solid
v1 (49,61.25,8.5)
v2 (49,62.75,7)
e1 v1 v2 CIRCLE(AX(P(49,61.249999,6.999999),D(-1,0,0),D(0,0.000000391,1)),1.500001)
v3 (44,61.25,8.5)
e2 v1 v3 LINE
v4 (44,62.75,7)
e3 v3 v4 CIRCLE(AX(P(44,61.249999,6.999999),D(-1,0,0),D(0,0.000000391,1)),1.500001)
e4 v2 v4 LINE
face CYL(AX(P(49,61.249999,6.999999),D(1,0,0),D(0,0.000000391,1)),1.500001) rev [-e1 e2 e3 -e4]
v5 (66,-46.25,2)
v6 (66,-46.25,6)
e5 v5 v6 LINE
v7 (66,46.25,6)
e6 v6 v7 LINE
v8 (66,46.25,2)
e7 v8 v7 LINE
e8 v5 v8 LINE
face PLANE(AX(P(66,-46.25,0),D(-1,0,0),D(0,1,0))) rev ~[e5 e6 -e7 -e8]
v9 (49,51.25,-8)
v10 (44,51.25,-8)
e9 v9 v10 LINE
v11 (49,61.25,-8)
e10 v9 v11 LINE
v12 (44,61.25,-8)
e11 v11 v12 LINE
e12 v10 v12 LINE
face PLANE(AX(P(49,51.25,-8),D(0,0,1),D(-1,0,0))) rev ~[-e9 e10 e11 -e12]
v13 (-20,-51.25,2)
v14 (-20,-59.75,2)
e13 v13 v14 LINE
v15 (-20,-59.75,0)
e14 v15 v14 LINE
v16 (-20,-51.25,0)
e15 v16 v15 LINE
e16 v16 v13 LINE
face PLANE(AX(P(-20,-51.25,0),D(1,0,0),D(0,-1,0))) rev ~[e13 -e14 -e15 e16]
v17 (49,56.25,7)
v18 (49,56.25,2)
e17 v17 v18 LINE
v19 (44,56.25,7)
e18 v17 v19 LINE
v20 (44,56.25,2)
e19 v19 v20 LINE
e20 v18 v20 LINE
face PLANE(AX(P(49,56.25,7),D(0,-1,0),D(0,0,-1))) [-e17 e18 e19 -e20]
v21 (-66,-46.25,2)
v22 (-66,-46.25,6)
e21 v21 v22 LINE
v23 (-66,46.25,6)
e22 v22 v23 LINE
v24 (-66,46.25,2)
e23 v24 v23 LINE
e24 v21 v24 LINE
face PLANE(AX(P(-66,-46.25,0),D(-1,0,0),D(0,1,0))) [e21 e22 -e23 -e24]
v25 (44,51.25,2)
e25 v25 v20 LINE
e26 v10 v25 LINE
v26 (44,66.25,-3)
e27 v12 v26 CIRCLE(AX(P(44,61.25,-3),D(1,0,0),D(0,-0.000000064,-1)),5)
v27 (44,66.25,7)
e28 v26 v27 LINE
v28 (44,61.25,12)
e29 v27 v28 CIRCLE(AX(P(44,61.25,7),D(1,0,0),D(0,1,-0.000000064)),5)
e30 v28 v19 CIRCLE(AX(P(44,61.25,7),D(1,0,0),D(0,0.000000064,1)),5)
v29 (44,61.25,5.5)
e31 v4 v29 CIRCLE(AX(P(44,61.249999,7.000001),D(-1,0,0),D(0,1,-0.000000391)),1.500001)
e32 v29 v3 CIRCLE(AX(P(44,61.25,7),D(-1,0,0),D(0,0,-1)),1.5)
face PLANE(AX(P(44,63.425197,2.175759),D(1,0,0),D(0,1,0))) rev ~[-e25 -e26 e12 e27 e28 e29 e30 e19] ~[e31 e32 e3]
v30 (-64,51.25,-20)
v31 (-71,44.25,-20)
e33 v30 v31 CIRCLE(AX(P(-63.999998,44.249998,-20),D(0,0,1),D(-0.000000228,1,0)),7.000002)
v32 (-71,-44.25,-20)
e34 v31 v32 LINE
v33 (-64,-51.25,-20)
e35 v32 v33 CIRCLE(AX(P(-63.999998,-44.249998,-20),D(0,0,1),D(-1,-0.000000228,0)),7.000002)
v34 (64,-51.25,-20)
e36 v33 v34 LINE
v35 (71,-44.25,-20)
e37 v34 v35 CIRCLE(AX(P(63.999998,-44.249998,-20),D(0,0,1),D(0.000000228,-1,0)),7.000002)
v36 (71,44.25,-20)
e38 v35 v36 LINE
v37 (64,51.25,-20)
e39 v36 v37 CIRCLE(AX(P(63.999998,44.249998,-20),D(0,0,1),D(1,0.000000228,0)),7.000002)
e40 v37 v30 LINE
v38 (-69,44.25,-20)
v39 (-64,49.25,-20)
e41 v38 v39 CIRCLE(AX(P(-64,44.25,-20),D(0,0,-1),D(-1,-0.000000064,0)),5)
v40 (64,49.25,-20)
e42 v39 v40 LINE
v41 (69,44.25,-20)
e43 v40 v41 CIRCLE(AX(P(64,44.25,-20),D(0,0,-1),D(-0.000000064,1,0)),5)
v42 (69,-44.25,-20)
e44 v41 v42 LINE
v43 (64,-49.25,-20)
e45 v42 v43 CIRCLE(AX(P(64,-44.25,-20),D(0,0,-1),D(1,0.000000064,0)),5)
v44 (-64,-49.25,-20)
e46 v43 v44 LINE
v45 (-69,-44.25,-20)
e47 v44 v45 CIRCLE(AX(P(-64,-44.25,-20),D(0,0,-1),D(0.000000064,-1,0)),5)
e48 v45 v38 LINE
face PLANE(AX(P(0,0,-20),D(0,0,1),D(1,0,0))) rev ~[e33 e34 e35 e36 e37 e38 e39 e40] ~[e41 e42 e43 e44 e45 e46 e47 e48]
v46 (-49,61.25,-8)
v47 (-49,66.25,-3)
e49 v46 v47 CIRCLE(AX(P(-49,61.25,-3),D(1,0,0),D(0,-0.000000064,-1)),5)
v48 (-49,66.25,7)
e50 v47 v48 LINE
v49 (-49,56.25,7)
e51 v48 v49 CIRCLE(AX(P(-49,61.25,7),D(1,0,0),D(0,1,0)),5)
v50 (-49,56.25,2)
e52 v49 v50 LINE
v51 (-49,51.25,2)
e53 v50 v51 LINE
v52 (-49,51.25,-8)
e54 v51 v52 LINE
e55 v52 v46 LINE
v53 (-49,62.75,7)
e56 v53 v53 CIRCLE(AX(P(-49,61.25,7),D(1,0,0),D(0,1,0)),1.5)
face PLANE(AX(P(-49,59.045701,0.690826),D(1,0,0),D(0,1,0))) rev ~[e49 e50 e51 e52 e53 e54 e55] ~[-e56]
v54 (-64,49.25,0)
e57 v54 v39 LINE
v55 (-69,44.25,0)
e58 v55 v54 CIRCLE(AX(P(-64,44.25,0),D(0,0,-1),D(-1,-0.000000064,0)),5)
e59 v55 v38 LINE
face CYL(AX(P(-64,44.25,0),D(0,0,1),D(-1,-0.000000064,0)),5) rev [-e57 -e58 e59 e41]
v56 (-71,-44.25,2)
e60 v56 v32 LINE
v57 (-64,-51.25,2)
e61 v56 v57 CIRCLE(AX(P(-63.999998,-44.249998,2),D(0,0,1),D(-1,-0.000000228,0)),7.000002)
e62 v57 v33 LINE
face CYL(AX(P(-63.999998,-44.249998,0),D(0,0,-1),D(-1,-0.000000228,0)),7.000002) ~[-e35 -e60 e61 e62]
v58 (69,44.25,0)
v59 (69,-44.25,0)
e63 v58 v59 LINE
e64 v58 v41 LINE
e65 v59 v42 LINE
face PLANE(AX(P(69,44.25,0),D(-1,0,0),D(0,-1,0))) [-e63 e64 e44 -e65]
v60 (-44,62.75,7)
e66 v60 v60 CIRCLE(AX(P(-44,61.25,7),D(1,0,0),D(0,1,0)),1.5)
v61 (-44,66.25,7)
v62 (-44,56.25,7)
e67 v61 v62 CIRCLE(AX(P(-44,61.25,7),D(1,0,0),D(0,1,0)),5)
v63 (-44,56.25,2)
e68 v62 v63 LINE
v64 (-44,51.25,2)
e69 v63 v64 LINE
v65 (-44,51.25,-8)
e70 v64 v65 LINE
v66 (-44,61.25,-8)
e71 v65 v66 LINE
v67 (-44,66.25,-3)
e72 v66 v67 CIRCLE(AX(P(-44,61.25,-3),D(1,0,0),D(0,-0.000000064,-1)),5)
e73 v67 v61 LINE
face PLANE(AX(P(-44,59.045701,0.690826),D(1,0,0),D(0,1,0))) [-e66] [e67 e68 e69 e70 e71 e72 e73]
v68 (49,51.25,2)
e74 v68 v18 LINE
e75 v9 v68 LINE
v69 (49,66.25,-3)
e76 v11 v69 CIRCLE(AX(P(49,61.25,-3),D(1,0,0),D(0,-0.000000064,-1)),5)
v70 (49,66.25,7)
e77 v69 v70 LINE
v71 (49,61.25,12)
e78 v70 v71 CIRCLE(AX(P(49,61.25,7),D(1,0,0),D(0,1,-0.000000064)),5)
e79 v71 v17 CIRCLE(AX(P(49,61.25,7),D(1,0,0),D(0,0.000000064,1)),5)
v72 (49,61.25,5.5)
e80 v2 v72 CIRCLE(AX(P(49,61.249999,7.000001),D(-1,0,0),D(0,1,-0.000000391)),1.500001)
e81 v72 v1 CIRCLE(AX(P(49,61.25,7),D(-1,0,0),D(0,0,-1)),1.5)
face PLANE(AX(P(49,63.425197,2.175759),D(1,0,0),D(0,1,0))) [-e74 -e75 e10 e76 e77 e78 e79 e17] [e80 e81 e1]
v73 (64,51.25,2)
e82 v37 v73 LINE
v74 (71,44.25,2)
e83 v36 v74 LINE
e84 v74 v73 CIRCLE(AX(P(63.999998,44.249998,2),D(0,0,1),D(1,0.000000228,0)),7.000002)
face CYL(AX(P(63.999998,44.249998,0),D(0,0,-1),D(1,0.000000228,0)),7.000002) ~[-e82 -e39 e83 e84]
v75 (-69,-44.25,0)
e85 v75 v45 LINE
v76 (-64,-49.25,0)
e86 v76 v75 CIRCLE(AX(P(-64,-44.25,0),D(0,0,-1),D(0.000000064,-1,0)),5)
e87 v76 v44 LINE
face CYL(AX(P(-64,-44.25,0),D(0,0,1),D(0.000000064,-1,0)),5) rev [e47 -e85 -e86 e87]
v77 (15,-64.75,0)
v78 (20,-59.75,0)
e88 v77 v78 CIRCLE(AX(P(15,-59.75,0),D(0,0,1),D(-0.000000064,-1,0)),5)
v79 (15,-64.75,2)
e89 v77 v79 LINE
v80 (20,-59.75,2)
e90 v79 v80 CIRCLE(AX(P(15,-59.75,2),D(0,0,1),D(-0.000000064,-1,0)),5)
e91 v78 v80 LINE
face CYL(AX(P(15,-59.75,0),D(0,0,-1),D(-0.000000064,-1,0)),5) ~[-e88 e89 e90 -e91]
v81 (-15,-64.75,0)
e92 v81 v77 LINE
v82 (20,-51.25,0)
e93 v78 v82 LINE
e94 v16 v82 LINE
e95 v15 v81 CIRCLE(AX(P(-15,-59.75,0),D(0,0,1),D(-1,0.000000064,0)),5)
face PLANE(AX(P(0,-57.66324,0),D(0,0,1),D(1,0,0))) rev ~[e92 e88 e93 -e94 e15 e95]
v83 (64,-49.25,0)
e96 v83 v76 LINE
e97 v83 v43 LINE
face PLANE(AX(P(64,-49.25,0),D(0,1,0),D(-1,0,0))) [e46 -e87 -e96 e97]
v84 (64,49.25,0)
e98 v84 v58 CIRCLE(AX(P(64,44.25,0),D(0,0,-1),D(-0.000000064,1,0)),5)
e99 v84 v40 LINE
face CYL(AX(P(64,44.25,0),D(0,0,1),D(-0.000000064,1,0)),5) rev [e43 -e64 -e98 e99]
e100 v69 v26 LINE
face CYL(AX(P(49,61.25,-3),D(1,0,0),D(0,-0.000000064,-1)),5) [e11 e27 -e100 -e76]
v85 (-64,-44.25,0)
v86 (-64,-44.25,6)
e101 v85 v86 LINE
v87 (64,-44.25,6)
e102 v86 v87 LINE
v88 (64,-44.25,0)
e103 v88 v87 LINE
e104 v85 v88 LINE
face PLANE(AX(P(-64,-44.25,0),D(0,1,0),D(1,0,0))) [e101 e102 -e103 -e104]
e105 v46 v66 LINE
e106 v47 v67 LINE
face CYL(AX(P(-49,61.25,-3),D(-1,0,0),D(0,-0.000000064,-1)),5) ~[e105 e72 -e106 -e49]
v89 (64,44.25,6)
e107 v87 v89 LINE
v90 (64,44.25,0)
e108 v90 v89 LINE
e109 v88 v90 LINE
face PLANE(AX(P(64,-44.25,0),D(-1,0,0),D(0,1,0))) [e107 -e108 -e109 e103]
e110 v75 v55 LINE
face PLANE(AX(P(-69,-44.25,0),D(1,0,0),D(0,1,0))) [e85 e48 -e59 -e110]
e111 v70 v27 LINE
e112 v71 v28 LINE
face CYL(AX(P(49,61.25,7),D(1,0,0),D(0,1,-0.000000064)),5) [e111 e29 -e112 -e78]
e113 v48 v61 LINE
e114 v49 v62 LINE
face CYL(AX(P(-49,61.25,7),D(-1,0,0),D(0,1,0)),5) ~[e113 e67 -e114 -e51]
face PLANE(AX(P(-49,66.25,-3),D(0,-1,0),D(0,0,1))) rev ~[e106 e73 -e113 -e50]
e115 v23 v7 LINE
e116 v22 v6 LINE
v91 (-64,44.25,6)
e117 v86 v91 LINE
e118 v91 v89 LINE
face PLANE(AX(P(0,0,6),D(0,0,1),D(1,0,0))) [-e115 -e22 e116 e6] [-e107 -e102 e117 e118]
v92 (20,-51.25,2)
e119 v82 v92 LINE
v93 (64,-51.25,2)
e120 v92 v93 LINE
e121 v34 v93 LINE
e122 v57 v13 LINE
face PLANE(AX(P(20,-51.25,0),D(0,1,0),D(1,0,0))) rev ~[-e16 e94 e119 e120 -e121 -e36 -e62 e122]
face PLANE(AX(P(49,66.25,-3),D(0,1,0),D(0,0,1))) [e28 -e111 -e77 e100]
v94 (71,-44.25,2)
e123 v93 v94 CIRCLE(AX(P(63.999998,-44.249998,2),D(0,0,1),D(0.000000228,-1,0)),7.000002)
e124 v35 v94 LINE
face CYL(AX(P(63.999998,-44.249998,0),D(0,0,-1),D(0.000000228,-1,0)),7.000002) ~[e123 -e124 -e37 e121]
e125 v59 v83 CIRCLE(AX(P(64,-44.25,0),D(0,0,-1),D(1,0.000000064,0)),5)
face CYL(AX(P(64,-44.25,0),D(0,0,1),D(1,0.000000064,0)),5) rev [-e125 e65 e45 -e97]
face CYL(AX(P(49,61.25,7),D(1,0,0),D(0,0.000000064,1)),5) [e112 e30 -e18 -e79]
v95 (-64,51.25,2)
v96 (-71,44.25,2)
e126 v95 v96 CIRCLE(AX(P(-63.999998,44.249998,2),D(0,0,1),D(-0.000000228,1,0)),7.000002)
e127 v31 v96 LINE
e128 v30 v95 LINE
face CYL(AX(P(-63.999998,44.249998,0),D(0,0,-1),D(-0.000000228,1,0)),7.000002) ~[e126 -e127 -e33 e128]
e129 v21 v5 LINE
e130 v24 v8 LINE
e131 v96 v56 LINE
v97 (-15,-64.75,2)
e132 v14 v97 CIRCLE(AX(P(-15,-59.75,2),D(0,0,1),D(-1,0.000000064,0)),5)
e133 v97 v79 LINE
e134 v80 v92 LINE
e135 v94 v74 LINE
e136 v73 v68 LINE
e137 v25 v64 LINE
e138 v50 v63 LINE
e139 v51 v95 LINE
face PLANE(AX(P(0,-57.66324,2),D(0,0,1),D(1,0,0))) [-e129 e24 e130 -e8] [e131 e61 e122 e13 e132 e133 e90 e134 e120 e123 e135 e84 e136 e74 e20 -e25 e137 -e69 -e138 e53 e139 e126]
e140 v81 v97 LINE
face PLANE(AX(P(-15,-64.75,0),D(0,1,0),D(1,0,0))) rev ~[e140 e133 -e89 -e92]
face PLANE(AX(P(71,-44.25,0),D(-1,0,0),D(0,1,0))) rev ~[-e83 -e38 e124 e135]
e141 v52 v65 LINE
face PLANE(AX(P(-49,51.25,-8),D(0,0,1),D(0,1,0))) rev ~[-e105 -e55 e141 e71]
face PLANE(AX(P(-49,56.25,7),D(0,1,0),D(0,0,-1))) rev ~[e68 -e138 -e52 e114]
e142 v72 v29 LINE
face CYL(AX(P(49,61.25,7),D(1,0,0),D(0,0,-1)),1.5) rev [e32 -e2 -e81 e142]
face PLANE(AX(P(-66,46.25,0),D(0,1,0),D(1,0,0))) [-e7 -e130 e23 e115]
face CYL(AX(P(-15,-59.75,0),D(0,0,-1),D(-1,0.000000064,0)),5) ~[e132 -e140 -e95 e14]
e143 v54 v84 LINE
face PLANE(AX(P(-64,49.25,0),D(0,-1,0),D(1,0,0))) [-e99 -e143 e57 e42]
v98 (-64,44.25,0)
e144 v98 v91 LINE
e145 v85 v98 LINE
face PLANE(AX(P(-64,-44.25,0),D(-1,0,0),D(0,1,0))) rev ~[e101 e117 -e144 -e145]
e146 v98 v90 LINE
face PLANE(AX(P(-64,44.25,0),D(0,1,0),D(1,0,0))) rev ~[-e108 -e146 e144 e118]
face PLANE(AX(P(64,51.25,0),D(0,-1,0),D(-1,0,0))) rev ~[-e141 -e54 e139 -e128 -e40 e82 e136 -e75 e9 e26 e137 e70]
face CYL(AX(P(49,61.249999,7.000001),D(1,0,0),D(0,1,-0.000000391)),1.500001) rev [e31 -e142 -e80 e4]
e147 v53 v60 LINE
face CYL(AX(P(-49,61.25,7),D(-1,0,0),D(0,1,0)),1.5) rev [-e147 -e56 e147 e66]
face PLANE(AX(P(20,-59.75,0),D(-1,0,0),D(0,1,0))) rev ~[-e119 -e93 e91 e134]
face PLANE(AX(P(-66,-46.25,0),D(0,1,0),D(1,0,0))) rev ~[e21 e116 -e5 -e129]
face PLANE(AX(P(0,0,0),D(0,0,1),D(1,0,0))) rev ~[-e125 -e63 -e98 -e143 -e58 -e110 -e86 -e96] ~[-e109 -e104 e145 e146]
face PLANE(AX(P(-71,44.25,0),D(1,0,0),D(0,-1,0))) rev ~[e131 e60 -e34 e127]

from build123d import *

# Parameters (mm, degrees)
F1_DEPTH  = 20
F0_W      = 132
F0_H      = 92.5
F2_DEPTH  = 2
F0_W_2    = 128
F0_H_2    = 88.5
F3_DEPTH  = 6
F4_W      = 5
F4_H      = 10
F5_DEPTH  = 10
F7_DEPTH  = 5
F9_R      = 1.5
F10_DEPTH = 5


with BuildPart() as f1:
    # F0 (on Top) → F1 (new body)
    with BuildSketch(Plane.XY):
        with BuildLine():
            Line((71, -44.25), (71, 44.25))
            ThreePointArc((71, 44.25), (68.949747, 49.199747), (64, 51.25))
            Line((64, 51.25), (-64, 51.25))
            ThreePointArc((-64, 51.25), (-68.949747, 49.199747), (-71, 44.25))
            Line((-71, 44.25), (-71, -44.25))
            ThreePointArc((-71, -44.25), (-68.949747, -49.199747), (-64, -51.25))
            Line((-64, -51.25), (-20, -51.25))
            Line((-20, -51.25), (20, -51.25))
            Line((20, -51.25), (64, -51.25))
            ThreePointArc((64, -51.25), (68.949747, -49.199747), (71, -44.25))
        make_face()
        with BuildLine():
            Line((-64, 49.25), (64, 49.25))
            ThreePointArc((64, 49.25), (67.535534, 47.785534), (69, 44.25))
            Line((69, 44.25), (69, -44.25))
            ThreePointArc((69, -44.25), (67.535534, -47.785534), (64, -49.25))
            Line((64, -49.25), (-64, -49.25))
            ThreePointArc((-64, -49.25), (-67.535534, -47.785534), (-69, -44.25))
            Line((-69, -44.25), (-69, 44.25))
            ThreePointArc((-69, 44.25), (-67.535534, 47.785534), (-64, 49.25))
        make_face(mode=Mode.SUBTRACT)
    extrude(amount=-F1_DEPTH)

    # F0 (on Top) → F2 (join)
    with BuildSketch(Plane.XY):
        with BuildLine():
            Line((20, -59.75), (20, -51.25))
            Line((20, -51.25), (-20, -51.25))
            Line((-20, -51.25), (-20, -59.75))
            ThreePointArc((-20, -59.75), (-18.535534, -63.285534), (-15, -64.75))
            Line((-15, -64.75), (15, -64.75))
            ThreePointArc((15, -64.75), (18.535534, -63.285534), (20, -59.75))
        make_face()
        with BuildLine():
            Line((71, -44.25), (71, 44.25))
            ThreePointArc((71, 44.25), (68.949747, 49.199747), (64, 51.25))
            Line((64, 51.25), (-64, 51.25))
            ThreePointArc((-64, 51.25), (-68.949747, 49.199747), (-71, 44.25))
            Line((-71, 44.25), (-71, -44.25))
            ThreePointArc((-71, -44.25), (-68.949747, -49.199747), (-64, -51.25))
            Line((-64, -51.25), (-20, -51.25))
            Line((-20, -51.25), (20, -51.25))
            Line((20, -51.25), (64, -51.25))
            ThreePointArc((64, -51.25), (68.949747, -49.199747), (71, -44.25))
        make_face()
        with BuildLine():
            Line((-64, 49.25), (64, 49.25))
            ThreePointArc((64, 49.25), (67.535534, 47.785534), (69, 44.25))
            Line((69, 44.25), (69, -44.25))
            ThreePointArc((69, -44.25), (67.535534, -47.785534), (64, -49.25))
            Line((64, -49.25), (-64, -49.25))
            ThreePointArc((-64, -49.25), (-67.535534, -47.785534), (-69, -44.25))
            Line((-69, -44.25), (-69, 44.25))
            ThreePointArc((-69, 44.25), (-67.535534, 47.785534), (-64, 49.25))
        make_face(mode=Mode.SUBTRACT)
        with BuildLine():
            ThreePointArc((69, 44.25), (67.535534, 47.785534), (64, 49.25))
            Line((64, 49.25), (-64, 49.25))
            ThreePointArc((-64, 49.25), (-67.535534, 47.785534), (-69, 44.25))
            Line((-69, 44.25), (-69, -44.25))
            ThreePointArc((-69, -44.25), (-67.535534, -47.785534), (-64, -49.25))
            Line((-64, -49.25), (64, -49.25))
            ThreePointArc((64, -49.25), (67.535534, -47.785534), (69, -44.25))
            Line((69, -44.25), (69, 44.25))
        make_face()
        Rectangle(F0_W, F0_H, mode=Mode.SUBTRACT)
    extrude(amount=F2_DEPTH)

    # F0 (on Top) → F3 (join)
    with BuildSketch(Plane.XY):
        Rectangle(F0_W, F0_H)
        Rectangle(F0_W_2, F0_H_2, mode=Mode.SUBTRACT)
    extrude(amount=F3_DEPTH)

    # F4 (on face) → F5 (join)
    with BuildSketch(Plane(origin=(0, 51.25, 0), x_dir=(-1, 0, 0), z_dir=(0, 1, 0))):
        with Locations((-46.5, -3)):
            Rectangle(F4_W, F4_H)
    extrude(amount=F5_DEPTH)

    # F6 (on face) → F7 (join)
    with BuildSketch(Plane.YZ.offset(49)):
        with BuildLine():
            Line((61.25, 2), (61.25, -8))
            ThreePointArc((61.25, -8), (64.785534, -6.535534), (66.25, -3))
            Line((66.25, -3), (66.25, 7))
            ThreePointArc((66.25, 7), (64.785534, 10.535534), (61.25, 12))
            Line((61.25, 12), (61.25, 8.5))
            ThreePointArc((61.25, 8.5), (62.31066, 8.06066), (62.75, 7))
            ThreePointArc((62.75, 7), (62.31066, 5.93934), (61.25, 5.5))
            Line((61.25, 5.5), (61.25, 2))
        make_face()
        with BuildLine():
            Line((56.25, 2), (61.25, 2))
            Line((61.25, 2), (61.25, 5.5))
            ThreePointArc((61.25, 5.5), (59.75, 7), (61.25, 8.5))
            Line((61.25, 8.5), (61.25, 12))
            ThreePointArc((61.25, 12), (57.714466, 10.535534), (56.25, 7))
            Line((56.25, 7), (56.25, 2))
        make_face()
    extrude(amount=-F7_DEPTH)

    # F9 (on offset) → F10 (join)
    with BuildSketch(Plane.YZ.offset(-49)):
        with BuildLine():
            Line((56.25, 2), (51.25, 2))
            Line((51.25, 2), (51.25, -8))
            Line((51.25, -8), (61.25, -8))
            ThreePointArc((61.25, -8), (64.785534, -6.535534), (66.25, -3))
            Line((66.25, -3), (66.25, 7))
            ThreePointArc((66.25, 7), (61.25, 12), (56.25, 7))
            Line((56.25, 7), (56.25, 2))
        make_face()
        with Locations((61.25, 7)):
            Circle(F9_R, mode=Mode.SUBTRACT)
    extrude(amount=F10_DEPTH)


solid = f1.part
